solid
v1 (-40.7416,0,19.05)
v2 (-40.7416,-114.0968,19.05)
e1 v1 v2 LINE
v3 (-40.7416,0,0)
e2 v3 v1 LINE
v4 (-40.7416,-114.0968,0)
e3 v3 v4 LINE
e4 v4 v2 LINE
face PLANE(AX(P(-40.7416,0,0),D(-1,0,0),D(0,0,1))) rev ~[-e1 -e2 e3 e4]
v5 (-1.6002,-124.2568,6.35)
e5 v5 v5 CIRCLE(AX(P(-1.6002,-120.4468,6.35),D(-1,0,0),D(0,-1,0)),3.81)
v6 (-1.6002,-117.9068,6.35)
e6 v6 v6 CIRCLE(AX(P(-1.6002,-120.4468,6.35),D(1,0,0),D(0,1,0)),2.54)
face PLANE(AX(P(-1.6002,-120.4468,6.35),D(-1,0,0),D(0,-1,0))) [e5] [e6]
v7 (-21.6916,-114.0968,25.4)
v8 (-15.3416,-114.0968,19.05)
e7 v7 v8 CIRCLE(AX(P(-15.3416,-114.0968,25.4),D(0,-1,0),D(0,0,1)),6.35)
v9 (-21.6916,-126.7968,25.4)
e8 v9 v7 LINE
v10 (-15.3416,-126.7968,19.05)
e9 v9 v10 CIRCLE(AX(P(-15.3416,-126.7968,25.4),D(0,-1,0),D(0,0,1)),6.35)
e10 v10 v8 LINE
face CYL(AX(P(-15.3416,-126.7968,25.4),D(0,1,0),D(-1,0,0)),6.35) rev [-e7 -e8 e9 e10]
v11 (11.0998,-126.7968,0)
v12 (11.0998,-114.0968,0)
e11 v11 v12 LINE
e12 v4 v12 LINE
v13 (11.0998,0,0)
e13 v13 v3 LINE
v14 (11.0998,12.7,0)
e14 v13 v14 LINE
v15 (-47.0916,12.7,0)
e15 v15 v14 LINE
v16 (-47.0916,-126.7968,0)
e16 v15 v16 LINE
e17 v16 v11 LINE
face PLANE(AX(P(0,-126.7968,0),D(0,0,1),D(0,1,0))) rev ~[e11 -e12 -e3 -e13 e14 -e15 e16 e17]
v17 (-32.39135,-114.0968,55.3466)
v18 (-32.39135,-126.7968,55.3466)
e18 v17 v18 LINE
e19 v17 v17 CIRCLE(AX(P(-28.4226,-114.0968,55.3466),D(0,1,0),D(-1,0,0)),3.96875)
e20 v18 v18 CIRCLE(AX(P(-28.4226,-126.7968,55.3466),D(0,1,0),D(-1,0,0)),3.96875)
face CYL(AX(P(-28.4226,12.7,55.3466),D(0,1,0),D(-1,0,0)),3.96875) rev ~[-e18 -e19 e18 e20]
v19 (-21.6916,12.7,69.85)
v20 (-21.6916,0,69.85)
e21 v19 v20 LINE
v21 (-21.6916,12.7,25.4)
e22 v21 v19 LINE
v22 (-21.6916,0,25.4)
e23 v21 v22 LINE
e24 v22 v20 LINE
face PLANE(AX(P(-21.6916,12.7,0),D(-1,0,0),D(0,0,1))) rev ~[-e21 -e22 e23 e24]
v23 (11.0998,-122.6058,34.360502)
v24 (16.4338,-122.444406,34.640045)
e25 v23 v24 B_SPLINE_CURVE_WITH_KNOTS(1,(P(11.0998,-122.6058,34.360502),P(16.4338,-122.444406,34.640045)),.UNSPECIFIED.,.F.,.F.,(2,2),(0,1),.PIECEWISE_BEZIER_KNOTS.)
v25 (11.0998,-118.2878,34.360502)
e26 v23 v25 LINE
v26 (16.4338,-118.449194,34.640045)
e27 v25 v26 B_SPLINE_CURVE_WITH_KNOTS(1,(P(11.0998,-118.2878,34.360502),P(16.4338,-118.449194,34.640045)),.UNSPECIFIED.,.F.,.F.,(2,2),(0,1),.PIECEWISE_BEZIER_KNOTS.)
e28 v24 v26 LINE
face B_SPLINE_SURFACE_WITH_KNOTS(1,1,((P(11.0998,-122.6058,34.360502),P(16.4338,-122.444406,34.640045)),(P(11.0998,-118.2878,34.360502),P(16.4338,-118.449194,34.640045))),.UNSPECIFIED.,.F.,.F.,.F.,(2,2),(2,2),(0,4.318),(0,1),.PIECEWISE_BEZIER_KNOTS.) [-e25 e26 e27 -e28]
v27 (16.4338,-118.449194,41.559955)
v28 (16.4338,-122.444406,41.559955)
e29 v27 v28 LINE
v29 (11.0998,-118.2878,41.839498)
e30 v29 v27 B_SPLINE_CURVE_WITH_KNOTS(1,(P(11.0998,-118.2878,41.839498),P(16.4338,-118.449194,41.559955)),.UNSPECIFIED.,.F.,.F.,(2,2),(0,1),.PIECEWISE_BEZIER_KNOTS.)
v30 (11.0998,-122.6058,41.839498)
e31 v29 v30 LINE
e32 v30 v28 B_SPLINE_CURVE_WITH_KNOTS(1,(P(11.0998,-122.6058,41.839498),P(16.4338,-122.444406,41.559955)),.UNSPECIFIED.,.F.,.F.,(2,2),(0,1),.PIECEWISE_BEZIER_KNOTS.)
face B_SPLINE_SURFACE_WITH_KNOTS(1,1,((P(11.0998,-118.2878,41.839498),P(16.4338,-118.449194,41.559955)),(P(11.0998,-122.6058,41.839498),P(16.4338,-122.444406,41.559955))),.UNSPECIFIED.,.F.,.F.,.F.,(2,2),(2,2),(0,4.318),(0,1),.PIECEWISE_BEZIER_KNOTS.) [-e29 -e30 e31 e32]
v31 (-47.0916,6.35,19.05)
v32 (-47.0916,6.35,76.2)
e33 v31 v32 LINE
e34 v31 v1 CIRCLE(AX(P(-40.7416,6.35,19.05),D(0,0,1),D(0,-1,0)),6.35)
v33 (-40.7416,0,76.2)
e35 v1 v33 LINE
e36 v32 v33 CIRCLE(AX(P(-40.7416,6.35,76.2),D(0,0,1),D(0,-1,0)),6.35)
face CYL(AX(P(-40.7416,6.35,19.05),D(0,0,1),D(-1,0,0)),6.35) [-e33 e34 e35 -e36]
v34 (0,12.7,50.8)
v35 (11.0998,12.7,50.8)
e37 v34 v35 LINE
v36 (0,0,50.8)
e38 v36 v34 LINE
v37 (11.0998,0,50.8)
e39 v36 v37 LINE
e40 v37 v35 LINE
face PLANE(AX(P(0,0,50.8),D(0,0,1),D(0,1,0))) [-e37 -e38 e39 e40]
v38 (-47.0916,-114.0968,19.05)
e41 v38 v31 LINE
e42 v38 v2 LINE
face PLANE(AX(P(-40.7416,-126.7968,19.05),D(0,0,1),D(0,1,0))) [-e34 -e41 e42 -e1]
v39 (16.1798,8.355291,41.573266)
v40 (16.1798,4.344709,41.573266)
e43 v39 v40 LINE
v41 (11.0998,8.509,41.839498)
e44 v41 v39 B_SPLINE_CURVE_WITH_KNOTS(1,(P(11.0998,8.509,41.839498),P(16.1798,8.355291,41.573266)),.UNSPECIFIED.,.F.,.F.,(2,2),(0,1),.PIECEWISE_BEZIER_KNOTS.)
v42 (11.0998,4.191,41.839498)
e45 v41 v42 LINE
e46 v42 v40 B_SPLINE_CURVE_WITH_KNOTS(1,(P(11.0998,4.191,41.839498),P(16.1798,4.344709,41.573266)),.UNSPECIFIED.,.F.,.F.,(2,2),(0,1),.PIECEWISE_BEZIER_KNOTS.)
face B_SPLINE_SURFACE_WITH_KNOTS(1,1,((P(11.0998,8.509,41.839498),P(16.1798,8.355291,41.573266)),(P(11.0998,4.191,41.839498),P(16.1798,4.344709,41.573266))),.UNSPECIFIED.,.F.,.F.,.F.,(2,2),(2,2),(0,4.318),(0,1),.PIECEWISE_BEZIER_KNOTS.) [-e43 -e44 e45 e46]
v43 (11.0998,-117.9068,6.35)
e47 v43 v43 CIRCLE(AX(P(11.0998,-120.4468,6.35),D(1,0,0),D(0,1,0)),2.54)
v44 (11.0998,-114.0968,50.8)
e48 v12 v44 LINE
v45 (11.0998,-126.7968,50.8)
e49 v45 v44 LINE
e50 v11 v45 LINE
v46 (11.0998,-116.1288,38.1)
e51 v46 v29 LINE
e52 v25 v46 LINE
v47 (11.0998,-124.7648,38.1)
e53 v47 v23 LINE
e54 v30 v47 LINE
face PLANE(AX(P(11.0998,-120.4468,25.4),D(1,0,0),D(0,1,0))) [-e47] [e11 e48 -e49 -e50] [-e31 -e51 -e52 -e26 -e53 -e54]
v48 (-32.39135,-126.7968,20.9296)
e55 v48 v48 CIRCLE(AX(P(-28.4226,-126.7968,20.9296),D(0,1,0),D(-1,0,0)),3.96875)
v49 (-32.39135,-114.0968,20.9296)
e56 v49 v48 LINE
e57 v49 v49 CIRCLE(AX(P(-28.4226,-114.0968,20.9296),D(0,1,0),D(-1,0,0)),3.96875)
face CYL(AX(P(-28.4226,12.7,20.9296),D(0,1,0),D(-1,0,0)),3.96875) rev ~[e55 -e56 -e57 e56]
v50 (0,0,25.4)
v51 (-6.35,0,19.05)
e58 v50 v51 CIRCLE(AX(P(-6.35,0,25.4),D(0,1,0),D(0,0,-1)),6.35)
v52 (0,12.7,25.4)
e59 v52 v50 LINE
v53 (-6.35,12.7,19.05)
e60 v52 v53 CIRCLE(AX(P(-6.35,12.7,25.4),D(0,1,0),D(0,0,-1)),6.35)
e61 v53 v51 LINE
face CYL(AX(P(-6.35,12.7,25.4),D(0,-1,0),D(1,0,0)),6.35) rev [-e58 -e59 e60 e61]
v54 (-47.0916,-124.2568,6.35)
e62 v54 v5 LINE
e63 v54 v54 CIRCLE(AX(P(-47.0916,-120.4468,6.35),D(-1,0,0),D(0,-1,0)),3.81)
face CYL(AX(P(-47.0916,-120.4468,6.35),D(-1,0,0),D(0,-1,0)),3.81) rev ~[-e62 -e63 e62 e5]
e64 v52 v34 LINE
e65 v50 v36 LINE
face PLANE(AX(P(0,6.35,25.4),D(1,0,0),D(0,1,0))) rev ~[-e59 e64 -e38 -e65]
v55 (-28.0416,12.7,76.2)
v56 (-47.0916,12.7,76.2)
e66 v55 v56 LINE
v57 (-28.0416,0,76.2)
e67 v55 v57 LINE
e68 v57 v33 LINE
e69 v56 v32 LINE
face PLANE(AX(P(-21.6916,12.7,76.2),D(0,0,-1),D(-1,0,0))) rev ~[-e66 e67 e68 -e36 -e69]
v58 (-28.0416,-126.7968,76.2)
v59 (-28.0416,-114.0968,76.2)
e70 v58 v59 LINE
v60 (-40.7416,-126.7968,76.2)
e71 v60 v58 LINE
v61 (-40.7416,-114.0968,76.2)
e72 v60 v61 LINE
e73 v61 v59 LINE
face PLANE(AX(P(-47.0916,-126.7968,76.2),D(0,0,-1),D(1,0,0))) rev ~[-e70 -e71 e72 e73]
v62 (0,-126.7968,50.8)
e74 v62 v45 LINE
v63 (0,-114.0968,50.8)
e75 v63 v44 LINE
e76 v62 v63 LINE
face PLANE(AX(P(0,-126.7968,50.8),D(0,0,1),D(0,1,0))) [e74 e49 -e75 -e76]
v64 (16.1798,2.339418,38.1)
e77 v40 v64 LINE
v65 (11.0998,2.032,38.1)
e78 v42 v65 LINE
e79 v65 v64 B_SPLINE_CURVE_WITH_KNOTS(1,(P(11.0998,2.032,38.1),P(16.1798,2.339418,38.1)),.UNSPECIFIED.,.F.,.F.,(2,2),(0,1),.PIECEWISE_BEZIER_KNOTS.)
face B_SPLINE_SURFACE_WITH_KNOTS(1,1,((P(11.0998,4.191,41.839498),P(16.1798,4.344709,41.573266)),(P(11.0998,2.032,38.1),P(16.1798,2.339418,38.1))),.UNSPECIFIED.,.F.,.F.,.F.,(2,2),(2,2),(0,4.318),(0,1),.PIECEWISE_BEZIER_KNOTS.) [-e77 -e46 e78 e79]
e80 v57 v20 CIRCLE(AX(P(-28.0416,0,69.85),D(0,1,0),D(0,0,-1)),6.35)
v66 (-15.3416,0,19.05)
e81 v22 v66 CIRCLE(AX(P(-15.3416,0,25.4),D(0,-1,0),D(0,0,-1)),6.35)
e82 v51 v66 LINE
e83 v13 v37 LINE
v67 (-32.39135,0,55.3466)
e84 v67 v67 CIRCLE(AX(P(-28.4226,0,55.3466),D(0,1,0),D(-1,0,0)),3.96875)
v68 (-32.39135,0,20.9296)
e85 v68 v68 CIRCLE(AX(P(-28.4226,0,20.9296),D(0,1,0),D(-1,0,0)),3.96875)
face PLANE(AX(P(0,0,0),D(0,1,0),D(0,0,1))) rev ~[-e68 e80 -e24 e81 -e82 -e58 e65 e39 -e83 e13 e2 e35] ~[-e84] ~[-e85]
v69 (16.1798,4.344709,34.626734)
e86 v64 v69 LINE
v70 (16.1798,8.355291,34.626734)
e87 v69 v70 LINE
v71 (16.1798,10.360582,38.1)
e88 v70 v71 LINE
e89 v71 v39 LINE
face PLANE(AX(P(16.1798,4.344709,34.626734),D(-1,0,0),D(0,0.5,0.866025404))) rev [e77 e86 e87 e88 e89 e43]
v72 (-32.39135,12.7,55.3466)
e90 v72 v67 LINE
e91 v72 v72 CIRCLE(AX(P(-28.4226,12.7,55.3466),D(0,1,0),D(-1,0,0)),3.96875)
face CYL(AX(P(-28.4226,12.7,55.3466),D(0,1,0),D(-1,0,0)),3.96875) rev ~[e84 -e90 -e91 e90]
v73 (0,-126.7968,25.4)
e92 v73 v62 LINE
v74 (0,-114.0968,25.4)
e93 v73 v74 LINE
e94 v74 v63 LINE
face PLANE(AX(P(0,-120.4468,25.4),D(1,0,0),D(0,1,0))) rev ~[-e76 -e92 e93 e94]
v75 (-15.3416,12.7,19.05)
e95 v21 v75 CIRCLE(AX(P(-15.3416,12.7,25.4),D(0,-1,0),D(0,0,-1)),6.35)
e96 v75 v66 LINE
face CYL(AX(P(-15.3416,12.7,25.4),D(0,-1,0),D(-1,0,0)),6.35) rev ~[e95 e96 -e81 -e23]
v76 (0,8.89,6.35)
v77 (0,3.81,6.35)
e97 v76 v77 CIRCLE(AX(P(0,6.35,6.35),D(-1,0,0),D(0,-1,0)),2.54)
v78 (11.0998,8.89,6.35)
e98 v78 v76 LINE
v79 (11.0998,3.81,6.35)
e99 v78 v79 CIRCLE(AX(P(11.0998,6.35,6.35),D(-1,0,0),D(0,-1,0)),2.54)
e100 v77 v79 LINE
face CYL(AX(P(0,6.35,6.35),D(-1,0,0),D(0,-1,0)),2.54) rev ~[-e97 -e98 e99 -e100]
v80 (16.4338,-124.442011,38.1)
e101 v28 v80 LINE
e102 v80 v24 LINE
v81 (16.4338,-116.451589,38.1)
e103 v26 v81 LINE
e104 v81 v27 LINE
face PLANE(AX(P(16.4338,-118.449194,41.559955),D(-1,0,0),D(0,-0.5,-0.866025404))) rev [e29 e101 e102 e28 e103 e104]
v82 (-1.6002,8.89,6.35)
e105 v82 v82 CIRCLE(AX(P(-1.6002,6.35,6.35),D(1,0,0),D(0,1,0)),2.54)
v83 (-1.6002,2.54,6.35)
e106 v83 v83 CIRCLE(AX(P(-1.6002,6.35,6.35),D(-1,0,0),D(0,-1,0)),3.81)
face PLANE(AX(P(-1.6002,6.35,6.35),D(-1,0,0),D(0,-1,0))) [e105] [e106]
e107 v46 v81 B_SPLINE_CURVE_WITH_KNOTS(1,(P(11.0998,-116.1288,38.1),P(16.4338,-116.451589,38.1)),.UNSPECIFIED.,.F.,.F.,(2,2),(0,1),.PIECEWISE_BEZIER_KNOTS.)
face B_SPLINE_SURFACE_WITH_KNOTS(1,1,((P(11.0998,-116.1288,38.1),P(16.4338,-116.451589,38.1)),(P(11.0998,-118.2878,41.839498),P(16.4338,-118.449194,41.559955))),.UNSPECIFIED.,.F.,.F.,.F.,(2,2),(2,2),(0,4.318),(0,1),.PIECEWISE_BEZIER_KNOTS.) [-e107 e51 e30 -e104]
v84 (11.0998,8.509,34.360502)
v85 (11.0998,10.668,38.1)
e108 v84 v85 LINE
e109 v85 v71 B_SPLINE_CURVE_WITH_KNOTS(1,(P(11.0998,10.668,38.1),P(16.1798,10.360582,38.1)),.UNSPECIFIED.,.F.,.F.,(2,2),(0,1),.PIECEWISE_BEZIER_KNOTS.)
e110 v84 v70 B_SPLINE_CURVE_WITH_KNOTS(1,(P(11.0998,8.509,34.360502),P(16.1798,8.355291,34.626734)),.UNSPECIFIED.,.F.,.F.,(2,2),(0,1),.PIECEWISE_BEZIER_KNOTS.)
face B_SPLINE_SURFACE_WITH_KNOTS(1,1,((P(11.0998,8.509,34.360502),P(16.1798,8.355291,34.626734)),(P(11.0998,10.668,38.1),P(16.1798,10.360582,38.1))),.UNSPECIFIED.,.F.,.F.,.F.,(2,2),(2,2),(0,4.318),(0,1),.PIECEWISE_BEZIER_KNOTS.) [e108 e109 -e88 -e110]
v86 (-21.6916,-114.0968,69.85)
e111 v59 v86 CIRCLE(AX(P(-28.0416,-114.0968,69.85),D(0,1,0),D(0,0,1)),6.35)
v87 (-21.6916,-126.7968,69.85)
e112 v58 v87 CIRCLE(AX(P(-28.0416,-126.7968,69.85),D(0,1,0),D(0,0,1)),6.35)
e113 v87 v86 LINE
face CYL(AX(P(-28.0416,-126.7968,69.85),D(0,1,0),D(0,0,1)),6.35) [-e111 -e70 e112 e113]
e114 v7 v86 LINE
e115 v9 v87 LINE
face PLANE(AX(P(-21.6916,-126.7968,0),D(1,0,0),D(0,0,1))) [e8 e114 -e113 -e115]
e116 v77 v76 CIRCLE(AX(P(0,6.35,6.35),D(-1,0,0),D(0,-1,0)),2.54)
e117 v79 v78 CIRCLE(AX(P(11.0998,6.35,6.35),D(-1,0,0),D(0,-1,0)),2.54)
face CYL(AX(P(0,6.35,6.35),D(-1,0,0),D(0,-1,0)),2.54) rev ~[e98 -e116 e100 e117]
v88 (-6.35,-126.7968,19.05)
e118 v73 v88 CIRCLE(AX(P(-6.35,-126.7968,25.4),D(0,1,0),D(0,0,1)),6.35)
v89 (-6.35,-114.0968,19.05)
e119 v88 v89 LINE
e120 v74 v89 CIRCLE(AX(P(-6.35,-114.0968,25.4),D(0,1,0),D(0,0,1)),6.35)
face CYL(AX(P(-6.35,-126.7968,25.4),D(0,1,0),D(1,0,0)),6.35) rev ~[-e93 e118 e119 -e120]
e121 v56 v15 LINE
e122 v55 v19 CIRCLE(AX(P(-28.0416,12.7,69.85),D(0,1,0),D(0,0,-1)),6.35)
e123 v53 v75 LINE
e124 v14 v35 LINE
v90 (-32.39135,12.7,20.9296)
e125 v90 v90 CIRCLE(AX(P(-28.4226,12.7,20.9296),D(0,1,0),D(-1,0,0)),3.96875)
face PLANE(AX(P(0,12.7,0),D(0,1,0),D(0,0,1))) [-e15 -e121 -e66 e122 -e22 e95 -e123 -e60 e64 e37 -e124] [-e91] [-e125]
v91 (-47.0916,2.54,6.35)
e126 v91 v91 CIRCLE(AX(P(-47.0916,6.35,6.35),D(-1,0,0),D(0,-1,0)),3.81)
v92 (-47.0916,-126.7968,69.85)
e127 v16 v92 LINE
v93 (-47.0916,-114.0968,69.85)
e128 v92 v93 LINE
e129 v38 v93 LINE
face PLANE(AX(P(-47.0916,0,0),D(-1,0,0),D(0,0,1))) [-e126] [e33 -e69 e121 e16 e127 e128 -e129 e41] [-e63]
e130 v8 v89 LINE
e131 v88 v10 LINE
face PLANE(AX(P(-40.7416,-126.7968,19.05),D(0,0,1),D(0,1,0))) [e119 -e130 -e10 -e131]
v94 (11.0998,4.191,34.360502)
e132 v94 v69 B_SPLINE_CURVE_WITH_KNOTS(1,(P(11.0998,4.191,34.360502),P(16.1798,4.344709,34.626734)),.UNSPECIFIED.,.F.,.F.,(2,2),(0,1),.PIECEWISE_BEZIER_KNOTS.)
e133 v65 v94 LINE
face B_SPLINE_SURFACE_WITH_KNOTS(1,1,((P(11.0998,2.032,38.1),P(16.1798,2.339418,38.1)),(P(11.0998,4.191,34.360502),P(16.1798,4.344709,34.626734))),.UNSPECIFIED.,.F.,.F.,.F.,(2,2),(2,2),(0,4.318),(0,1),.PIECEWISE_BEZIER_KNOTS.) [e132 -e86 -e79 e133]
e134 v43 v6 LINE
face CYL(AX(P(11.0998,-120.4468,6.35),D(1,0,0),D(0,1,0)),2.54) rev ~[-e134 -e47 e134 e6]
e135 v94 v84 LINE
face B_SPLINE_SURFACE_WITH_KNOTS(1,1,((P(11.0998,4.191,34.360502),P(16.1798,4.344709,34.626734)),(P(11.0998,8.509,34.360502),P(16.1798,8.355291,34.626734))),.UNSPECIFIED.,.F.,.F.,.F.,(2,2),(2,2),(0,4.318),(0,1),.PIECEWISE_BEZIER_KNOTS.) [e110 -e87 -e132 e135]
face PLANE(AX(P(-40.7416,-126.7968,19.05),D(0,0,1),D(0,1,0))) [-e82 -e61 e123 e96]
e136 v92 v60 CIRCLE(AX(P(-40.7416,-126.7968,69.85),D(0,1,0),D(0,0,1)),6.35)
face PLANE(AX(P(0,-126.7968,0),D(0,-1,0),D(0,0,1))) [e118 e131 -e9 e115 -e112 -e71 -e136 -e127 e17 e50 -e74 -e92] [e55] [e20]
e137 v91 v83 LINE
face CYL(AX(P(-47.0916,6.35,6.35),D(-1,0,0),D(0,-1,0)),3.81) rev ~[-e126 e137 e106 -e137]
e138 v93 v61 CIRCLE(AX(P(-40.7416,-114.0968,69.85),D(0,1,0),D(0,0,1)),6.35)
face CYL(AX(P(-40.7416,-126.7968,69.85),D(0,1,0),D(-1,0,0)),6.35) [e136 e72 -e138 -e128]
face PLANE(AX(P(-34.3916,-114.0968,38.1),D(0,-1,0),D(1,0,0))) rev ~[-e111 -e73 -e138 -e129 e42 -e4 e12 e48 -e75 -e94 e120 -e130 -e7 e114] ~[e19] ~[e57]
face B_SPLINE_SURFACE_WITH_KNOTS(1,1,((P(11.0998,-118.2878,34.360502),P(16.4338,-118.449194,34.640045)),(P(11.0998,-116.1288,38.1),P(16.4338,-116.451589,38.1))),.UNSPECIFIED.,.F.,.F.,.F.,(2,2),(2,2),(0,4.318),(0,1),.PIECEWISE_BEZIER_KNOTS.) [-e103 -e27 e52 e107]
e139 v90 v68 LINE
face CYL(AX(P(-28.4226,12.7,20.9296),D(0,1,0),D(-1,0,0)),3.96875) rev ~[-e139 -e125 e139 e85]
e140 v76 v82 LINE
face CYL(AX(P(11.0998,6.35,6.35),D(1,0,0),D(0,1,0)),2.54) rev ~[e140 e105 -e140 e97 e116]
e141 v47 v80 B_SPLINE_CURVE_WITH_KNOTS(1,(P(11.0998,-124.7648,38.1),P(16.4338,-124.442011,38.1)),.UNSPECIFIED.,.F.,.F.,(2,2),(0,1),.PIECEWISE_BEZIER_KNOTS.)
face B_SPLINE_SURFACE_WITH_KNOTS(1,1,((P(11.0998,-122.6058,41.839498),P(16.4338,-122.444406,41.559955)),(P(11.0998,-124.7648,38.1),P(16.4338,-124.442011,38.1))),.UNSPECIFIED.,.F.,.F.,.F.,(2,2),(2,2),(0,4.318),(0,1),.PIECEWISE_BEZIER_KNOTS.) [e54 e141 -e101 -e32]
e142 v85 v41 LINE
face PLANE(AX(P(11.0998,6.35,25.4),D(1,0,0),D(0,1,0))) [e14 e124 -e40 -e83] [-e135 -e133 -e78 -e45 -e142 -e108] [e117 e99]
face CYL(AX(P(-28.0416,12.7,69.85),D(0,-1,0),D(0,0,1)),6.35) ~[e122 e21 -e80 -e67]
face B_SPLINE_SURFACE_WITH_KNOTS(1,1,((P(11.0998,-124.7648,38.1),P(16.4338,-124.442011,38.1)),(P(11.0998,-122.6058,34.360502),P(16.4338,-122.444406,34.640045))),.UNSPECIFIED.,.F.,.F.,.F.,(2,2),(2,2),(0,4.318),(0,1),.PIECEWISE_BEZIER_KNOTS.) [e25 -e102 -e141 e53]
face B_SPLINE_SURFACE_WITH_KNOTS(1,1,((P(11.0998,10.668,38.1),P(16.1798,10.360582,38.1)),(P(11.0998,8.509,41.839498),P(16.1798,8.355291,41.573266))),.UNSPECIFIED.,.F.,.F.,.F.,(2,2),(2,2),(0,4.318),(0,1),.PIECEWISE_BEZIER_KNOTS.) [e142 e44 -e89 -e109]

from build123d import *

# Parameters (mm, degrees)
F0_W      = 12.7
F0_H      = 50.8
F1_DEPTH  = 11.0998
F3_DEPTH  = 5.08
F3_TAPER  = 3
F4_W      = 12.7
F4_H      = 19.05
F5_DEPTH  = 47.0916
F6_W      = 6.35
F6_H      = 19.05
F7_DEPTH  = 126.7968
F8_W      = 12.7
F8_H      = 19.05
F9_DEPTH  = 40.7416
F10_W     = 12.7
F10_H     = 50.8
F11_DEPTH = 11.0998
F13_DEPTH = 5.334
F13_TAPER = 3
F14_W     = 25.4
F14_H     = 76.2
F15_DEPTH = 12.7
F16_W     = 25.4
F16_H     = 76.2
F17_DEPTH = 12.7
F18_R     = 3.96875
F19_DEPTH = 139.4978
F20_R     = 2.54
F21_DEPTH = 16.4348001
F22_R     = 2.54
F23_DEPTH = 58.1924
F24_R     = 3.81
F25_DEPTH = 45.4914
F26_R     = 6.35


with BuildPart() as f1:
    # F0 (on Right) → F1 (new body)
    with BuildSketch(Plane.YZ):
        with Locations((6.35, 25.4)):
            Rectangle(F0_W, F0_H)
    extrude(amount=F1_DEPTH)

    # F2 (on face) → F3 (join)
    with BuildSketch(Plane.YZ.offset(11.0998)):
        Polygon((4.191, 34.3605023065), (8.509, 34.3605023065), (10.668, 38.1), (8.509, 41.8394976935), (4.191, 41.8394976935), (2.032, 38.1), align=None)
    extrude(amount=F3_DEPTH, taper=F3_TAPER)

    # F4 (on face) → F5 (join)
    with BuildSketch(Plane(origin=(0, 0, 0), x_dir=(0, -1, 0), z_dir=(-1, 0, 0))):
        with Locations((-6.35, 9.525)):
            Rectangle(F4_W, F4_H)
    extrude(amount=F5_DEPTH)

    # F6 (on face) → F7 (join)
    with BuildSketch(Plane.XZ):
        with Locations((-43.9166, 9.525)):
            Rectangle(F6_W, F6_H)
    extrude(amount=F7_DEPTH)

    # F8 (on face) → F9 (join, through all)
    with BuildSketch(Plane.YZ.offset(-40.7416)):
        with Locations((-120.4468, 9.525)):
            Rectangle(F8_W, F8_H)
    extrude(amount=F9_DEPTH)

    # F10 (on face) → F11 (join)
    with BuildSketch(Plane.YZ):
        with Locations((-120.4468, 25.4)):
            Rectangle(F10_W, F10_H)
    extrude(amount=F11_DEPTH)

    # F12 (on face) → F13 (join)
    with BuildSketch(Plane.YZ.offset(11.0998)):
        Polygon((-118.2878, 41.8394976935), (-122.6058, 41.8394976935), (-124.7648, 38.1), (-122.6058, 34.3605023065), (-118.2878, 34.3605023065), (-116.1288, 38.1), align=None)
    extrude(amount=F13_DEPTH, taper=F13_TAPER)

    # F14 (on face) → F15 (join, through all)
    with BuildSketch(Plane(origin=(0, 12.7, 0), x_dir=(-1, 0, 0), z_dir=(0, 1, 0))):
        with Locations((34.3916, 38.1)):
            Rectangle(F14_W, F14_H)
    extrude(amount=-F15_DEPTH)

    # F16 (on face) → F17 (join, through all)
    with BuildSketch(Plane.XZ.offset(126.7968)):
        with Locations((-34.3916, 38.1)):
            Rectangle(F16_W, F16_H)
    extrude(amount=-F17_DEPTH)

    # F18 (on face) → F19 (cut, through all)
    with BuildSketch(Plane(origin=(0, 12.7, 0), x_dir=(-1, 0, 0), z_dir=(0, 1, 0))):
        with Locations((28.4226, 20.9296)):
            Circle(F18_R)
        with Locations((28.4226, 55.3466)):
            Circle(F18_R)
    extrude(amount=-F19_DEPTH, mode=Mode.SUBTRACT)

    # F20 (on face) → F21 (cut, through all)
    with BuildSketch(Plane(origin=(0, 0, 0), x_dir=(0, -1, 0), z_dir=(-1, 0, 0))):
        with Locations((-6.35, 6.35)):
            Circle(F20_R)
    extrude(amount=-F21_DEPTH, mode=Mode.SUBTRACT)

    # F22 (on face) → F23 (cut, through all)
    with BuildSketch(Plane.YZ.offset(11.0998)):
        with Locations((-120.4468, 6.35)):
            Circle(F22_R)
        with Locations((6.35, 6.35)):
            Circle(F22_R)
    extrude(amount=-F23_DEPTH, mode=Mode.SUBTRACT)

    # F24 (on face) → F25 (cut, through all)
    with BuildSketch(Plane(origin=(-47.0916, 0, 0), x_dir=(0, -1, 0), z_dir=(-1, 0, 0))):
        with Locations((120.4468, 6.35)):
            Circle(F24_R)
        with Locations((-6.35, 6.35)):
            Circle(F24_R)
    extrude(amount=-F25_DEPTH, mode=Mode.SUBTRACT)

    # F26
    f26_edges = [f1.edges().sort_by_distance(p)[0] for p in [
        (0, 6.35, 19.05),
        (-21.6916, 6.35, 19.05),
        (-21.6916, -120.4468, 19.05),
        (0, -120.4468, 19.05),
        (-47.0916, 0, 47.625),
        (-21.6916, 6.35, 76.2),
        (-47.0916, -120.4468, 76.2),
        (-21.6916, -120.4468, 76.2),
    ]]
    fillet(f26_edges, radius=F26_R)


solid = f1.part
